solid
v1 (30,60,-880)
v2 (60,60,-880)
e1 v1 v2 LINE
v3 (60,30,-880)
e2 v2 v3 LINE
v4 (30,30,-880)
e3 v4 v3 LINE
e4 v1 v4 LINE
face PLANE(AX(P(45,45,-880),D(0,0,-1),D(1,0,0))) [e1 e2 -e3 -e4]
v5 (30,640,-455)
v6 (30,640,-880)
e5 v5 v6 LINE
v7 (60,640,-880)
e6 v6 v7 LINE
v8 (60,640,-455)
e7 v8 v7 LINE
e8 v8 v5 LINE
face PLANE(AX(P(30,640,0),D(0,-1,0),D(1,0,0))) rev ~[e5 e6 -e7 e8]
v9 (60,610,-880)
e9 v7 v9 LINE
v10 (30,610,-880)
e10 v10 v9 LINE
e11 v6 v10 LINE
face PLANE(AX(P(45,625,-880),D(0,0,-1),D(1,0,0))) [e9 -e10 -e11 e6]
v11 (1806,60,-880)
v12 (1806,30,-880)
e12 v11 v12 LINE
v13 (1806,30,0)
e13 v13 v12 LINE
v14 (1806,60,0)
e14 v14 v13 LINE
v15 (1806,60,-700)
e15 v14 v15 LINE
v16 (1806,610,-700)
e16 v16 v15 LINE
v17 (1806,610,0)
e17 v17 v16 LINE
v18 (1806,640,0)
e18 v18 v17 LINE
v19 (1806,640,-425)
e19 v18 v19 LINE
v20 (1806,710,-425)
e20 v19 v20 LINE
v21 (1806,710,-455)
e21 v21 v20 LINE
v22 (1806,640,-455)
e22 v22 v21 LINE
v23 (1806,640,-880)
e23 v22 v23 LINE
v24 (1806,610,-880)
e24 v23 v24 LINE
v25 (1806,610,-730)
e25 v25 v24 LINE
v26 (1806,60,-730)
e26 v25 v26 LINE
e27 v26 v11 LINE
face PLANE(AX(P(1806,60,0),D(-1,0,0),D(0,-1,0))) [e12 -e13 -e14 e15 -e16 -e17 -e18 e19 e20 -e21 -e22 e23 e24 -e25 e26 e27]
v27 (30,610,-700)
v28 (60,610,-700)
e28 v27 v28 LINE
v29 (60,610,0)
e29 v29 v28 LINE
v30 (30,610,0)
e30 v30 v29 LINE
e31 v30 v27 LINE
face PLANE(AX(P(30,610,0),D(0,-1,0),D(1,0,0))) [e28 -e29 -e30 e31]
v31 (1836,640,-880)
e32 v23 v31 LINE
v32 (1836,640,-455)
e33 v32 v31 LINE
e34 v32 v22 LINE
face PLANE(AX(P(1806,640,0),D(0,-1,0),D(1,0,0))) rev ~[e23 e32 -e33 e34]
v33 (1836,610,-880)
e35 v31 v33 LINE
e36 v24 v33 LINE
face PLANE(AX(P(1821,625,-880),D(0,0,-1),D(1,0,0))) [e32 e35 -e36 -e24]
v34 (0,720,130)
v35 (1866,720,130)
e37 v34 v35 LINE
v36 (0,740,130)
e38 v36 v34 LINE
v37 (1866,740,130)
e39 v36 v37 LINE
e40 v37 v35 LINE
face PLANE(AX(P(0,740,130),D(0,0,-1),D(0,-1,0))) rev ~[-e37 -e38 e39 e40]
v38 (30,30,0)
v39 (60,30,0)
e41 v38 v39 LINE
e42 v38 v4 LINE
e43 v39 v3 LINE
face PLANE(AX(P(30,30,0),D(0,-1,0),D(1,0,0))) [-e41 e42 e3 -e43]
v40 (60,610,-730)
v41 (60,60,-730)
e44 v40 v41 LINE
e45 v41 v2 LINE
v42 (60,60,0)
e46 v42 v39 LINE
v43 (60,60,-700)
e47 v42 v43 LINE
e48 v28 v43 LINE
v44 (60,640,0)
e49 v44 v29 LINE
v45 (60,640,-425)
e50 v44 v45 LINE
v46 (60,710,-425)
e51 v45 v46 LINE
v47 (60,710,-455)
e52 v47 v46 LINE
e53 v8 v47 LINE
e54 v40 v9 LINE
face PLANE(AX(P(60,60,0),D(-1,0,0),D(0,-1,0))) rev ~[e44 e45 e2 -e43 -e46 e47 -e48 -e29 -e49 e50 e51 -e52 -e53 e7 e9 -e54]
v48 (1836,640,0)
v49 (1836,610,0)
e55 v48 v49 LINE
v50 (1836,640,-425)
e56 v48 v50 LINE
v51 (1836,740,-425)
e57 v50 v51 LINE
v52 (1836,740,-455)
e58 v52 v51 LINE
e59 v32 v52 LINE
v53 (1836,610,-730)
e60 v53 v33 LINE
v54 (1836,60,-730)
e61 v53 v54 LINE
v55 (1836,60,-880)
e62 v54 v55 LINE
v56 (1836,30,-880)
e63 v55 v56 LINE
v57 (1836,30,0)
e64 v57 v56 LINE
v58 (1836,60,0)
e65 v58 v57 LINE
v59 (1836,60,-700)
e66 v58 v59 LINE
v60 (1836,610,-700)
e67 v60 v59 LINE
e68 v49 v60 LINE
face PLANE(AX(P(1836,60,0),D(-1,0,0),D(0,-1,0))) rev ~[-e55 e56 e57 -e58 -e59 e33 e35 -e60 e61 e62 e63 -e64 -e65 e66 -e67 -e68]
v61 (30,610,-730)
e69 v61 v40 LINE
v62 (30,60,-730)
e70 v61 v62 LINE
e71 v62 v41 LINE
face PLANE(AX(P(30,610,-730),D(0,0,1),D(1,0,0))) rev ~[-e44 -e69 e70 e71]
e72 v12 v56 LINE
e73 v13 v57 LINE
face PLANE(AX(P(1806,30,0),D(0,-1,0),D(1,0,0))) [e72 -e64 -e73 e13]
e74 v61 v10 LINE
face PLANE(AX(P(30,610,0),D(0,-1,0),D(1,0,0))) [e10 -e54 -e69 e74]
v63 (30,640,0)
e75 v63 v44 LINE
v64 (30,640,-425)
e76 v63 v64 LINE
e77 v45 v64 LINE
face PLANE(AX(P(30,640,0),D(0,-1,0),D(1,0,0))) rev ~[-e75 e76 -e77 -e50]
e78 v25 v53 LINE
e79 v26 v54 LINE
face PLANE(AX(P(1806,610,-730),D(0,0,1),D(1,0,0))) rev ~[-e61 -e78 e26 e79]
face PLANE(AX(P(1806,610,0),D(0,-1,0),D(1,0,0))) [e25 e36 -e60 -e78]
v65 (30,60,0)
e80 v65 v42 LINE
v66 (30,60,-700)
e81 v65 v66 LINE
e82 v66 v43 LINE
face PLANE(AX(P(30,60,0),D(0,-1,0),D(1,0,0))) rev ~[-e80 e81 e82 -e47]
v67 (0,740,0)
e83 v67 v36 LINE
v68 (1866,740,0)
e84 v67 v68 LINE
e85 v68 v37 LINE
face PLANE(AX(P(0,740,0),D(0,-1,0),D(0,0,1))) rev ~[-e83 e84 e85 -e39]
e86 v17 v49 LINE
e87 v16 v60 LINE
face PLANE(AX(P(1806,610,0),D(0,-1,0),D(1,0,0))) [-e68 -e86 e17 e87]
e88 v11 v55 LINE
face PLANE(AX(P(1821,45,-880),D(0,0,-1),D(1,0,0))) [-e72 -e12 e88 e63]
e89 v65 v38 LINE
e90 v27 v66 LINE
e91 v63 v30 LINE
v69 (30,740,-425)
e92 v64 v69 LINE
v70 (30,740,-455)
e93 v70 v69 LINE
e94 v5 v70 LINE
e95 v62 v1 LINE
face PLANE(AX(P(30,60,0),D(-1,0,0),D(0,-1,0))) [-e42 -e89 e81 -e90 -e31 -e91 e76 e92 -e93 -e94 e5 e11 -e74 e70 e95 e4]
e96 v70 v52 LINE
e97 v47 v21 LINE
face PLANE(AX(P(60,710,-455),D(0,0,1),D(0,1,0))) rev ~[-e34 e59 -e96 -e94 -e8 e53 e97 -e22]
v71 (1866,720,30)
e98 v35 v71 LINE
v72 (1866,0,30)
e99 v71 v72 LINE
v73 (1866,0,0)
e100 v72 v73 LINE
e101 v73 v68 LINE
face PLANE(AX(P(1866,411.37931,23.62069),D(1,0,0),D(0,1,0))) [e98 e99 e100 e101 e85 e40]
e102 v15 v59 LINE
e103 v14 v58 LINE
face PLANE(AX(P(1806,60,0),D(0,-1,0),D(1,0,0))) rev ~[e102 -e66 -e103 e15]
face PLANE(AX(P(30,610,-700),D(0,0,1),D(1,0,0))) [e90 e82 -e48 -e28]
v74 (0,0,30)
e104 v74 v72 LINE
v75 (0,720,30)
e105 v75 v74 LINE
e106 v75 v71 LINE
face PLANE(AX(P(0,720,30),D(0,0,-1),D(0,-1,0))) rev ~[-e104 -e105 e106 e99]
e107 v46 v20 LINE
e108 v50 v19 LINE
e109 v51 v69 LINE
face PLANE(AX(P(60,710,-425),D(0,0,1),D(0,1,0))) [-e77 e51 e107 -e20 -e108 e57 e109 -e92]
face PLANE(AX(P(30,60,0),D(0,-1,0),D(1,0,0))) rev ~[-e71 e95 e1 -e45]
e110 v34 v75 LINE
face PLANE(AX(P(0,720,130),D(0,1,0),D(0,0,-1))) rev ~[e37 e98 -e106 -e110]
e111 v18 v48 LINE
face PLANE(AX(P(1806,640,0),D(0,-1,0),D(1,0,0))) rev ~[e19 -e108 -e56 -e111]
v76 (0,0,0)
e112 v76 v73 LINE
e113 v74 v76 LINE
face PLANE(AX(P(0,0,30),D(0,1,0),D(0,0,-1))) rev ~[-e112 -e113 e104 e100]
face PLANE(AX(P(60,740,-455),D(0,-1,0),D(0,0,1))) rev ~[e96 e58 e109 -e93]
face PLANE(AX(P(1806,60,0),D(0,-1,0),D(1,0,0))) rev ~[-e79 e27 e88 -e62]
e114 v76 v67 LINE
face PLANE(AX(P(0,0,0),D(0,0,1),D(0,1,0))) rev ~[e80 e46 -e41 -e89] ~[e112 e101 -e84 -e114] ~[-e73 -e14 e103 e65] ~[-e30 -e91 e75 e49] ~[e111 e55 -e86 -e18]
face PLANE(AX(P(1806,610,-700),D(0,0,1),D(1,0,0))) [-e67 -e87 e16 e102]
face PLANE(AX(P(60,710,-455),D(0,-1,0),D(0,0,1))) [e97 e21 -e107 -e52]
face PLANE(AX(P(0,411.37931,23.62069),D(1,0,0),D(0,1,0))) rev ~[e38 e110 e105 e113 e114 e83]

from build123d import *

# Parameters (mm, degrees)
F1_DEPTH = 1866
F2_W     = 30
F2_H     = 30
F3_DEPTH = 880
F4_W     = 30
F4_H     = 30
F5_DEPTH = 550
F6_W     = 30
F6_H     = 30
F7_DEPTH = 100
F8_W     = 30
F8_H     = 30
F9_DEPTH = 1746


with BuildPart() as f1:
    # F0 (on Right) → F1 (new body)
    with BuildSketch(Plane.YZ):
        Polygon((0, 30), (0, 0), (740, 0), (740, 130), (720, 130), (720, 30), align=None)
    extrude(amount=F1_DEPTH)

    # F2 (on face) → F3 (join)
    with BuildSketch(Plane(origin=(0, 0, 0), x_dir=(1, 0, 0), z_dir=(0, 0, -1))):
        with Locations((45, -45)):
            Rectangle(F2_W, F2_H)
        with Locations((1821, -45)):
            Rectangle(F2_W, F2_H)
        with Locations((1821, -625)):
            Rectangle(F2_W, F2_H)
        with Locations((45, -625)):
            Rectangle(F2_W, F2_H)
    extrude(amount=F3_DEPTH)

    # F4 (on face) → F5 (join, through all)
    with BuildSketch(Plane.XZ.offset(-610)):
        with Locations((45, -715)):
            Rectangle(F4_W, F4_H)
        with Locations((1821, -715)):
            Rectangle(F4_W, F4_H)
    extrude(amount=F5_DEPTH)

    # F6 (on face) → F7 (join)
    with BuildSketch(Plane(origin=(0, 640, 0), x_dir=(-1, 0, 0), z_dir=(0, 1, 0))):
        with Locations((-45, -440)):
            Rectangle(F6_W, F6_H)
        with Locations((-1821, -440)):
            Rectangle(F6_W, F6_H)
    extrude(amount=F7_DEPTH)

    # F8 (on face) → F9 (join, through all)
    with BuildSketch(Plane.YZ.offset(60)):
        with Locations((725, -440)):
            Rectangle(F8_W, F8_H)
    extrude(amount=F9_DEPTH)


solid = f1.part
